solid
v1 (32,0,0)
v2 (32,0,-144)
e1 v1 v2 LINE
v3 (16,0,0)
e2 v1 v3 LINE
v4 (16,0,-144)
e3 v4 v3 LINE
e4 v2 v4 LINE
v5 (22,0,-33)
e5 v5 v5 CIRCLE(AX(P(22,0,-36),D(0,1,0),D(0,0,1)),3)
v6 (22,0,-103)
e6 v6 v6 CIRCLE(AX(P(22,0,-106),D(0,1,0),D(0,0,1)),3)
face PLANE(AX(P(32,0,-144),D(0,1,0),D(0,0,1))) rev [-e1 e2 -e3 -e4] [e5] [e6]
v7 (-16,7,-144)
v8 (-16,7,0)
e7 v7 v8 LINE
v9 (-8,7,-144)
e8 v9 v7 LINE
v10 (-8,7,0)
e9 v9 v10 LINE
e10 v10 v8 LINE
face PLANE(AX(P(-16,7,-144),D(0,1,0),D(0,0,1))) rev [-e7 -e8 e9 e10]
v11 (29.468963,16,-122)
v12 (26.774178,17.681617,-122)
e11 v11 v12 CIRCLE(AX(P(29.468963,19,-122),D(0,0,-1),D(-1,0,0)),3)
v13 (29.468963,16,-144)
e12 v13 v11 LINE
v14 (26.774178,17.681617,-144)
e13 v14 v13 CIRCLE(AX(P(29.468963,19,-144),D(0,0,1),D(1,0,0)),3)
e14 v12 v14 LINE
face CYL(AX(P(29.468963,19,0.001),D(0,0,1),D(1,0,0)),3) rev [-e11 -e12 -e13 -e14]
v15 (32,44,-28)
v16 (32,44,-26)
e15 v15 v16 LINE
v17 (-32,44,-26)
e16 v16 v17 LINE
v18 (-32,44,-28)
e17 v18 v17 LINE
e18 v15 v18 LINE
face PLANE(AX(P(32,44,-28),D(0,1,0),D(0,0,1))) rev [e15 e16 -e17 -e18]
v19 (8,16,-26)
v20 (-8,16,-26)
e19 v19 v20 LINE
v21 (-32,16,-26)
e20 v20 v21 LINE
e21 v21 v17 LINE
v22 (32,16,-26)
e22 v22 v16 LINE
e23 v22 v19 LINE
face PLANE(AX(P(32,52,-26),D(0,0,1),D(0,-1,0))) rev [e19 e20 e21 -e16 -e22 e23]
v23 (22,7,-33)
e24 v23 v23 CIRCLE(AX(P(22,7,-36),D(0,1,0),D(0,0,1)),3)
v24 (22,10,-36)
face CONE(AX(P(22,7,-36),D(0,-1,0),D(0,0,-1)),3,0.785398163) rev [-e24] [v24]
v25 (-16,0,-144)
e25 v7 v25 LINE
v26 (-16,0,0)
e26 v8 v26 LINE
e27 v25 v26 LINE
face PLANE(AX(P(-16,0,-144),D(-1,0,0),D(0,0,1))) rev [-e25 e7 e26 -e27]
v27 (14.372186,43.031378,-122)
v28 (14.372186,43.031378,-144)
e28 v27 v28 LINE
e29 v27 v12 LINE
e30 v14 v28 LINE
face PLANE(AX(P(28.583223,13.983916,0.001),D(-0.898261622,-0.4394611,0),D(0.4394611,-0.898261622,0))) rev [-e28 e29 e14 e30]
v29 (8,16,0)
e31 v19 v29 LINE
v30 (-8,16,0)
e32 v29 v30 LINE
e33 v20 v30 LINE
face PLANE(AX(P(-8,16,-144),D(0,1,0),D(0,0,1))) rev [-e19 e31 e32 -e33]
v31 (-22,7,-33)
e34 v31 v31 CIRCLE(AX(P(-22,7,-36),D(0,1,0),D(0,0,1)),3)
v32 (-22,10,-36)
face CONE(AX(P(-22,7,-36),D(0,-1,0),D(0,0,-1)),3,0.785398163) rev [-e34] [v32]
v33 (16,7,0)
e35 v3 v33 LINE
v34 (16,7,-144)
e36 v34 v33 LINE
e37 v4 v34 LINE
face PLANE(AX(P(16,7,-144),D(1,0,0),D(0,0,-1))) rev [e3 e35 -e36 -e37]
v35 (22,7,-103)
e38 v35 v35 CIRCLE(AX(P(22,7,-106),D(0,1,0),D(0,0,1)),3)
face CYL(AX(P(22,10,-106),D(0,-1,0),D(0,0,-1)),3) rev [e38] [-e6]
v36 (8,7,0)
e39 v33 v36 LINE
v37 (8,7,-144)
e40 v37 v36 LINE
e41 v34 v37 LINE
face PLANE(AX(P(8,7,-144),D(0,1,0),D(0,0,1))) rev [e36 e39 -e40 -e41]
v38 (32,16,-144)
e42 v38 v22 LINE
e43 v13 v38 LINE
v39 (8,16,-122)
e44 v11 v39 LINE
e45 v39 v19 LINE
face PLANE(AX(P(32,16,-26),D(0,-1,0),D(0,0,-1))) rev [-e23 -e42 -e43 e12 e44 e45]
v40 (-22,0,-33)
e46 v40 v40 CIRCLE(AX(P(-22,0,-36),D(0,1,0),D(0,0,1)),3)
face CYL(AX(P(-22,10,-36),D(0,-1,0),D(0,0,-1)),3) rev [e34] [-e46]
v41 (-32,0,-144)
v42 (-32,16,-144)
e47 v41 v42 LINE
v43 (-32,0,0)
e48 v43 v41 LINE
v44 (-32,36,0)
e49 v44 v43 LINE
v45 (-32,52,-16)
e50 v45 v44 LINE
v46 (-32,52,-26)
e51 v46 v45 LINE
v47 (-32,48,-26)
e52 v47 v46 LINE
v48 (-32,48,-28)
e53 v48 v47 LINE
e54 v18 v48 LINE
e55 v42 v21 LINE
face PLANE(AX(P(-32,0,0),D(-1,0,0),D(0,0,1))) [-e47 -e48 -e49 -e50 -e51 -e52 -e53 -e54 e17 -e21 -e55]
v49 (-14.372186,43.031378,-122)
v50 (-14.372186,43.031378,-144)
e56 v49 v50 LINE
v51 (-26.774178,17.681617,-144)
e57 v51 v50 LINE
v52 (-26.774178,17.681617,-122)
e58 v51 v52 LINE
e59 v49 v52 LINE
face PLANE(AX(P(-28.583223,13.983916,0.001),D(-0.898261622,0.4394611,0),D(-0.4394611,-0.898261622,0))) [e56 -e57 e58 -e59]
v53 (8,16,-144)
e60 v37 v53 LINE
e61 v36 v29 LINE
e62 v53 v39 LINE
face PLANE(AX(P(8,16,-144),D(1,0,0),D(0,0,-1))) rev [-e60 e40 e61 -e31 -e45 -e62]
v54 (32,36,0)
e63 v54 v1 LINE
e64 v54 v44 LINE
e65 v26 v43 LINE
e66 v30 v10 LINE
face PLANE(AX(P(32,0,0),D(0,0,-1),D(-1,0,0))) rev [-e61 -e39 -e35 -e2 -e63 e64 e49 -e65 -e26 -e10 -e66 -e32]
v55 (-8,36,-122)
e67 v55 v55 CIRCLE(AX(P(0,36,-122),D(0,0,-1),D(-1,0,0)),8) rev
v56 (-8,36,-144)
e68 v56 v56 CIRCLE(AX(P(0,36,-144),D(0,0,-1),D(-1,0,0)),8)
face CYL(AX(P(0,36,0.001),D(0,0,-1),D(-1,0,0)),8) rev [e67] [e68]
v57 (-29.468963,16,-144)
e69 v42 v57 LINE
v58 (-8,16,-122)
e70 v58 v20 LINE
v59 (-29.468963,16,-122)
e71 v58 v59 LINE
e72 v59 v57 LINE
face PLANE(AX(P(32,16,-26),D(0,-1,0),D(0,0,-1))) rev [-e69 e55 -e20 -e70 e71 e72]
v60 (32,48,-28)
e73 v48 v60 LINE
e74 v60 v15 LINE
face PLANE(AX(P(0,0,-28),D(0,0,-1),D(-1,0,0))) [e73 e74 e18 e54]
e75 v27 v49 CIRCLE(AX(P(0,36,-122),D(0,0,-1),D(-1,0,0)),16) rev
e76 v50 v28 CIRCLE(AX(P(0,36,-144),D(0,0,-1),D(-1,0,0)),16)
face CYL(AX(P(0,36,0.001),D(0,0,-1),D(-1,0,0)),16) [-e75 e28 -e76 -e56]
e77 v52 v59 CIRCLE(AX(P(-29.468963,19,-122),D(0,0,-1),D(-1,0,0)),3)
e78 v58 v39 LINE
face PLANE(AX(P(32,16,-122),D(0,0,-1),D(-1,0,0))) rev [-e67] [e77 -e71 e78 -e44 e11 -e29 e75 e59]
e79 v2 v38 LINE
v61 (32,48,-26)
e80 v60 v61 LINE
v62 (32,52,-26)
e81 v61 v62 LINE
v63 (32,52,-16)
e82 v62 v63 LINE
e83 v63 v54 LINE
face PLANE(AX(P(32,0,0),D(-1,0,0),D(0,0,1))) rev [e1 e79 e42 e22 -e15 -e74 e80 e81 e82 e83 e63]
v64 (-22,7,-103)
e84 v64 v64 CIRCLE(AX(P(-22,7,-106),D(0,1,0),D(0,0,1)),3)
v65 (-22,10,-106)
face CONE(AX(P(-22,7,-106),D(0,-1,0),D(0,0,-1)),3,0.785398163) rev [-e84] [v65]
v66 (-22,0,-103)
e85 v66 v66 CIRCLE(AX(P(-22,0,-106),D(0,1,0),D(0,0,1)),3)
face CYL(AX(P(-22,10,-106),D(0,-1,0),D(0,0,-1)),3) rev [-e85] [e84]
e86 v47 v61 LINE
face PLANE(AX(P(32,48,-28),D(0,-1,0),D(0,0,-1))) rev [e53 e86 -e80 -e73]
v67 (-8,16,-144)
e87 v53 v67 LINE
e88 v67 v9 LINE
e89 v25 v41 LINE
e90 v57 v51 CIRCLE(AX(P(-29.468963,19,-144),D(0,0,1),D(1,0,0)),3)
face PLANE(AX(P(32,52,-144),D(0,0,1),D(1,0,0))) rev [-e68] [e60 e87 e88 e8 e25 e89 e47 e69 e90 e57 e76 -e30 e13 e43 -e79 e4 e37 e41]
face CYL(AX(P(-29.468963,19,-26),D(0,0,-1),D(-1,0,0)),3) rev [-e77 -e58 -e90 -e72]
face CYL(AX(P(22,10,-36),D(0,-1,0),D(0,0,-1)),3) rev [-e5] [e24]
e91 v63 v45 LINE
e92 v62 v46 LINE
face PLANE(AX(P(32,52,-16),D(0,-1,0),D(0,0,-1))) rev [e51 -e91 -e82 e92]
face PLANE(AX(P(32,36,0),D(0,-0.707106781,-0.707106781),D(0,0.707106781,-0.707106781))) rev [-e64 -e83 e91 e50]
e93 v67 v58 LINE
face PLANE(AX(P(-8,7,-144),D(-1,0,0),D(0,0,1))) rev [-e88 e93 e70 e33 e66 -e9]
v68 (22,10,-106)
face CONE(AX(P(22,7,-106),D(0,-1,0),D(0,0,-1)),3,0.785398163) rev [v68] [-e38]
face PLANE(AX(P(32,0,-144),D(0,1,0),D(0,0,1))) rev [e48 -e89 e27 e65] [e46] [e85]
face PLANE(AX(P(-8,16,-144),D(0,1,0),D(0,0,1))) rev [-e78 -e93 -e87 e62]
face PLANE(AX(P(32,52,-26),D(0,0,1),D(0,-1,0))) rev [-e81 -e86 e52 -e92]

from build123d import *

# Parameters (mm, degrees)
BOSS_EXTRUDE1_DEPTH = 32
SKETCH2_R           = 3
CUT_EXTRUDE1_DEPTH  = 10
CHAMFER2_SIZE       = 3
CHAMFER3_SIZE       = 3
CHAMFER4_SIZE       = 3
CHAMFER5_SIZE       = 3
CUT_EXTRUDE3_DEPTH  = 145
CUT_EXTRUDE4_REACH  = 146
SKETCH7_R           = 8
CUT_EXTRUDE8_REACH  = 146
FILLET1_R           = 3
SKETCH9_W           = 64
SKETCH9_H           = 4
BOSS_EXTRUDE2_DEPTH = 2


with BuildPart() as part:
    # Sketch1 → Boss-Extrude1 (new body, symmetric)
    with BuildSketch(Plane(origin=(0, 0, 0), x_dir=(0, 0, -1), z_dir=(1, 0, 0))):
        Polygon((0, 0), (0, 36), (16, 52), (26, 52), (26, 16), (122, 16), (122, 52), (144, 52), (144, 0), align=None)
    extrude(amount=BOSS_EXTRUDE1_DEPTH, both=True)

    # Sketch2 → Cut-Extrude1 (cut)
    with BuildSketch(Plane(origin=(0, 0, 0), x_dir=(1, 0, 0), z_dir=(0, 1, 0))):
        with Locations((-22, 36)):
            Circle(SKETCH2_R)
        with Locations((22, 36)):
            Circle(SKETCH2_R)
        with Locations((-22, 106)):
            Circle(SKETCH2_R)
        with Locations((22, 106)):
            Circle(SKETCH2_R)
    extrude(amount=CUT_EXTRUDE1_DEPTH, mode=Mode.SUBTRACT)

    # Chamfer2
    chamfer2_edges = [part.edges().sort_by_distance(p)[0] for p in [
        (19, 10, -106),
    ]]
    chamfer(chamfer2_edges, length=CHAMFER2_SIZE)

    # Chamfer3
    chamfer3_edges = [part.edges().sort_by_distance(p)[0] for p in [
        (-25, 10, -106),
    ]]
    chamfer(chamfer3_edges, length=CHAMFER3_SIZE)

    # Chamfer4
    chamfer4_edges = [part.edges().sort_by_distance(p)[0] for p in [
        (19, 10, -36),
    ]]
    chamfer(chamfer4_edges, length=CHAMFER4_SIZE)

    # Chamfer5
    chamfer5_edges = [part.edges().sort_by_distance(p)[0] for p in [
        (-25, 10, -36),
    ]]
    chamfer(chamfer5_edges, length=CHAMFER5_SIZE)

    # Sketch6 → Cut-Extrude3 (cut, through all)
    with BuildSketch(Plane.XY):
        Polygon((-16, 0), (-16, 7), (-8, 7), (-8, 16), (0, 16), (8, 16), (8, 7), (16, 7), (16, 0), align=None)
    extrude(amount=-CUT_EXTRUDE3_DEPTH, mode=Mode.SUBTRACT)

    # Sketch7 → Cut-Extrude4 (cut, up to next)
    with BuildSketch(Plane(origin=(0, 0, -144), x_dir=(-1, 0, 0), z_dir=(0, 0, -1)), mode=Mode.PRIVATE) as cut_extrude4_sk1:
        with Locations((0, 36)):
            Circle(SKETCH7_R)
    cut_extrude4_tool1 = extrude(cut_extrude4_sk1.sketch, amount=-CUT_EXTRUDE4_REACH, mode=Mode.PRIVATE) & part.part
    add(cut_extrude4_tool1.solids().sort_by_distance((0, 36, -144))[0], mode=Mode.SUBTRACT)

    # Sketch8 → Cut-Extrude8 (cut, up to next)
    with BuildSketch(Plane(origin=(0, 0, -144), x_dir=(-1, 0, 0), z_dir=(0, 0, -1)), mode=Mode.PRIVATE) as cut_extrude8_sk1:
        with BuildLine():
            Line((-32, 16), (-27.596884244, 16))
            Line((-27.596884244, 16), (-14.372185951, 43.031377602))
            ThreePointArc((-14.372185951, 43.031377602), (-8.470476894, 49.573909576), (5.2e-08, 52))
            Line((5.2e-08, 52), (-32, 52))
            Line((-32, 52), (-32, 16))
        make_face()
    cut_extrude8_tool1 = extrude(cut_extrude8_sk1.sketch, amount=-CUT_EXTRUDE8_REACH, mode=Mode.PRIVATE) & part.part
    add(cut_extrude8_tool1.solids().sort_by_distance((23.880103, 38.416138, -144))[0], mode=Mode.SUBTRACT)
    # Sketch8 → Cut-Extrude8 (cut, up to next)
    with BuildSketch(Plane(origin=(0, 0, -144), x_dir=(-1, 0, 0), z_dir=(0, 0, -1)), mode=Mode.PRIVATE) as cut_extrude8_sk2:
        with BuildLine():
            Line((14.372185951, 43.031377602), (27.596884244, 16))
            Line((27.596884244, 16), (32, 16))
            Line((32, 16), (32, 52))
            Line((32, 52), (5.2e-08, 52))
            ThreePointArc((5.2e-08, 52), (8.470476938, 49.573909549), (14.372185951, 43.031377602))
        make_face()
    cut_extrude8_tool2 = extrude(cut_extrude8_sk2.sketch, amount=-CUT_EXTRUDE8_REACH, mode=Mode.PRIVATE) & part.part
    add(cut_extrude8_tool2.solids().sort_by_distance((-23.880103, 38.416138, -144))[0], mode=Mode.SUBTRACT)

    # Fillet1
    fillet1_edges = [part.edges().sort_by_distance(p)[0] for p in [
        (-27.596884244, 16, -133),
        (27.596884244, 16, -133),
    ]]
    fillet(fillet1_edges, radius=FILLET1_R)

    # Sketch9 → Boss-Extrude2 (add)
    with BuildSketch(Plane(origin=(0, 0, -26), x_dir=(-1, 0, 0), z_dir=(0, 0, -1))):
        with Locations((0, 46)):
            Rectangle(SKETCH9_W, SKETCH9_H)
    extrude(amount=BOSS_EXTRUDE2_DEPTH)


solid = part.part
